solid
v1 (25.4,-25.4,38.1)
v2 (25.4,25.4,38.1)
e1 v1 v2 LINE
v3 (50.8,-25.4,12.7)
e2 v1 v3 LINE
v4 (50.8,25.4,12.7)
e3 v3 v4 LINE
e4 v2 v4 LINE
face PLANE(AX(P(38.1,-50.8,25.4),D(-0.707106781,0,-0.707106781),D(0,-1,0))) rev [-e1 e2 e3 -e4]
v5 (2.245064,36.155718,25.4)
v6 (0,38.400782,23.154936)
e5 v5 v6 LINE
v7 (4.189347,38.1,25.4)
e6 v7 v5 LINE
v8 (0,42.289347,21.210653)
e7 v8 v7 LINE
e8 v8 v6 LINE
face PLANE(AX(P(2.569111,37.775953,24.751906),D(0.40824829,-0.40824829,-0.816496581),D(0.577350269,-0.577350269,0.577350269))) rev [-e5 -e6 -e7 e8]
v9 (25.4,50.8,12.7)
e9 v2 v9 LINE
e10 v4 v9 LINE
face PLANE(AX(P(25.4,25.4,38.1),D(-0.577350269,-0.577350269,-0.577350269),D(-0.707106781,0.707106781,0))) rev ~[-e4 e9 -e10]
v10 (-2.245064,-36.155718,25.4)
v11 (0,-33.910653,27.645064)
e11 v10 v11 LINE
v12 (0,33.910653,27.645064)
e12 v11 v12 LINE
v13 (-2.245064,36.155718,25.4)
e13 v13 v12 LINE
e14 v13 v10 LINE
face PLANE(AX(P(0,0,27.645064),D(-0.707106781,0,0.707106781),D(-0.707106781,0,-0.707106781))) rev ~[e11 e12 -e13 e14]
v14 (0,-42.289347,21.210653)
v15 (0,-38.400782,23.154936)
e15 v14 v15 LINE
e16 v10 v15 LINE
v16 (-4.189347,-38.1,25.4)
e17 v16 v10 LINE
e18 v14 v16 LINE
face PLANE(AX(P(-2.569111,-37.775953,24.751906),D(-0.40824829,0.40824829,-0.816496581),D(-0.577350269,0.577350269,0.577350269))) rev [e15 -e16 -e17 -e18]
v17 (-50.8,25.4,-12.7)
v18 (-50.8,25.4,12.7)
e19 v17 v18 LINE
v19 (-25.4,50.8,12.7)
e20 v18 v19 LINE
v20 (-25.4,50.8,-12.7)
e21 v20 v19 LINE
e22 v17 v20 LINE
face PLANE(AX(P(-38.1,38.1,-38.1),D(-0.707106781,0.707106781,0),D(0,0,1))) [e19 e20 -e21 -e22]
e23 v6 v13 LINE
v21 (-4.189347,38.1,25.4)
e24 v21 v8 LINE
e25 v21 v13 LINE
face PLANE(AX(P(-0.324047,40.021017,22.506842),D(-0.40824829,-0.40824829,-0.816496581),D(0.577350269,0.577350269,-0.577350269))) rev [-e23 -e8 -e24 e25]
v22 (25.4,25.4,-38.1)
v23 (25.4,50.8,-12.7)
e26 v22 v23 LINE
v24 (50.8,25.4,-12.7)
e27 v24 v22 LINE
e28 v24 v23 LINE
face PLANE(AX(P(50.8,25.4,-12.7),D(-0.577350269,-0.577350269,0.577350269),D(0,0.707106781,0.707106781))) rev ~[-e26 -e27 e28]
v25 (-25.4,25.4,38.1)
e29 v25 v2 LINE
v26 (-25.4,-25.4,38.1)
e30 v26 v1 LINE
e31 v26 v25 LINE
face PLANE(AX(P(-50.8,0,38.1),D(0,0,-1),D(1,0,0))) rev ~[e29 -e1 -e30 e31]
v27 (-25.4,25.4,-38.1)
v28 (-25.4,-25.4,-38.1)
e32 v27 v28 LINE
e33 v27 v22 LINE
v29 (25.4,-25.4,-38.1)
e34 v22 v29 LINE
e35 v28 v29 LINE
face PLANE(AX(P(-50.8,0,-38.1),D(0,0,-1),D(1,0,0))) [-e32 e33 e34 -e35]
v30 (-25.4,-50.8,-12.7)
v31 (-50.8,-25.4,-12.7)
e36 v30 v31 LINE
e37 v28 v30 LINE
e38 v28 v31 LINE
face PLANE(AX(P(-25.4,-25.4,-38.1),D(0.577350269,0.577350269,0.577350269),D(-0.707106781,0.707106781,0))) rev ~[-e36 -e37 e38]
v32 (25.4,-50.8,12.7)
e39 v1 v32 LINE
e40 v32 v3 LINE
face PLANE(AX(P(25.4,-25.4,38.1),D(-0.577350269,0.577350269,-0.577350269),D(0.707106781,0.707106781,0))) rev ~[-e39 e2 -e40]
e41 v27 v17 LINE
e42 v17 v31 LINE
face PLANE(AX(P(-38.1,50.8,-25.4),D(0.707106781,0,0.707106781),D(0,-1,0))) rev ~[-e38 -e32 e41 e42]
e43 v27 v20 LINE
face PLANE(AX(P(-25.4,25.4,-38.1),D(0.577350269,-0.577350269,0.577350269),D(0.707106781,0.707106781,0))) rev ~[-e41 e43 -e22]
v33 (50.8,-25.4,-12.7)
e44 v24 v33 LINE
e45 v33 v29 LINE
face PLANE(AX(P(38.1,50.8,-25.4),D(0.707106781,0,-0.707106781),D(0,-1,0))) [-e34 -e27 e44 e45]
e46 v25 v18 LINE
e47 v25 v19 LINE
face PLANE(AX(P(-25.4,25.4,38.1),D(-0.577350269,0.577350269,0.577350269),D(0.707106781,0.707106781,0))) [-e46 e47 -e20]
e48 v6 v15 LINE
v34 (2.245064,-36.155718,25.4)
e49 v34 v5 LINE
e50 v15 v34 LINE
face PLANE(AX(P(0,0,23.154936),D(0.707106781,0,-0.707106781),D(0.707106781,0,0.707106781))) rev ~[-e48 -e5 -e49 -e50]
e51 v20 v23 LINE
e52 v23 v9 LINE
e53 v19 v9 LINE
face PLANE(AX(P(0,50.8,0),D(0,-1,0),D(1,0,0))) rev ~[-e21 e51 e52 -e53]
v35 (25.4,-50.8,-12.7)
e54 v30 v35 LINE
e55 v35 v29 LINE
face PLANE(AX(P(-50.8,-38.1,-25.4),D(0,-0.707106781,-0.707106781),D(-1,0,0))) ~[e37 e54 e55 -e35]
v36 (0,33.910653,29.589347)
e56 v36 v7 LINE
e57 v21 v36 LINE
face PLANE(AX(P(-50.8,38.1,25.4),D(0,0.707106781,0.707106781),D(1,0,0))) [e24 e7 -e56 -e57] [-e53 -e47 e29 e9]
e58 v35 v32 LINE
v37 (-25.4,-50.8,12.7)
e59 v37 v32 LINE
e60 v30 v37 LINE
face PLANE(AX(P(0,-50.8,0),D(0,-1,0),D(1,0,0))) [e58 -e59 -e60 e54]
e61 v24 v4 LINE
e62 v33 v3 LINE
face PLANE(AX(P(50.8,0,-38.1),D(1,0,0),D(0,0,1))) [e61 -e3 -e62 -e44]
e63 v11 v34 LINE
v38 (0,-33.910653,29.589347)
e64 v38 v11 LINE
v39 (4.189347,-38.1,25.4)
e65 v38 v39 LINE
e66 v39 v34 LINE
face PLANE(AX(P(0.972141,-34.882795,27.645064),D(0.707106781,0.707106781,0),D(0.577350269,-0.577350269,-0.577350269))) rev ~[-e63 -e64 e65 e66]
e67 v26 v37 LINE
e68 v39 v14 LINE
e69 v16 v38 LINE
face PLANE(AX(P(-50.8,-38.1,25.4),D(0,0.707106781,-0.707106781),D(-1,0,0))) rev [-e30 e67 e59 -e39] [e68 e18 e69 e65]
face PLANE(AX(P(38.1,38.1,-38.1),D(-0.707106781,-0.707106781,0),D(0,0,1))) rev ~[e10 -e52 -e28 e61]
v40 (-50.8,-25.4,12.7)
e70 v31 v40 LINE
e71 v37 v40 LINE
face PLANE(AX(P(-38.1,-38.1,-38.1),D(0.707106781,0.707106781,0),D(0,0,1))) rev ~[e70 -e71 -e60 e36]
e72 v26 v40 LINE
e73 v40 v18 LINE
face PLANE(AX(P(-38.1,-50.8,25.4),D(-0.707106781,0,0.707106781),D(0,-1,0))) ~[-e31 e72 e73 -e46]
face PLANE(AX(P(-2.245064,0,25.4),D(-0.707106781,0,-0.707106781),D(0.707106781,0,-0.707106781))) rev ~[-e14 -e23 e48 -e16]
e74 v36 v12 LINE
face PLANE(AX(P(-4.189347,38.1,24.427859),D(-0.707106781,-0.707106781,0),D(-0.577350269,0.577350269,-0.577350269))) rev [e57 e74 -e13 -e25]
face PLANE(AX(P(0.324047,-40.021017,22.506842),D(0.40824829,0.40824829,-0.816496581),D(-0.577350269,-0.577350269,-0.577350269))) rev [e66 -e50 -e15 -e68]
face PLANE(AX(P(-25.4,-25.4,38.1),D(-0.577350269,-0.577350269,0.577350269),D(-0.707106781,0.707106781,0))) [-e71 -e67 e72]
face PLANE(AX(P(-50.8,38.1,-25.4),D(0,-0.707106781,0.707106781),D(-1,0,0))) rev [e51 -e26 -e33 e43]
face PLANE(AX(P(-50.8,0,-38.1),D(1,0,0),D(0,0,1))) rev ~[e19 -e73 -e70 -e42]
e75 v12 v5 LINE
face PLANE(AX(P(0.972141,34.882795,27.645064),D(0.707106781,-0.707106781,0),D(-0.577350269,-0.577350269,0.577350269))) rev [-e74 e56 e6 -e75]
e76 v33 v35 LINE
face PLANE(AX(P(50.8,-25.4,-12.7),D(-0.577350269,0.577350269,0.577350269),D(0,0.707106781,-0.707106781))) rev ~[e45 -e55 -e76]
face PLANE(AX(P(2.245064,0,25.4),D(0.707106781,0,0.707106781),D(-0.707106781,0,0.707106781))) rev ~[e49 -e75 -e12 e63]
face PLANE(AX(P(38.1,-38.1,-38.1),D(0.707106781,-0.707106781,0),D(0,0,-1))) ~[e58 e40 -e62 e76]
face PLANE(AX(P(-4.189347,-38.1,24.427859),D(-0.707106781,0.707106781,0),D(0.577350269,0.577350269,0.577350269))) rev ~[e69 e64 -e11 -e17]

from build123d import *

# Parameters (mm, degrees)
F0_W     = 101.6
F0_H     = 76.2
F1_DEPTH = 50.8
F2_SIZE  = 25.4
F4_DEPTH = 76.2
F5_SIZE  = 1.5875
F6_SIZE  = 1.5875


with BuildPart() as f1:
    # F0 (on Front) → F1 (new body, symmetric)
    with BuildSketch(Plane.XZ):
        Rectangle(F0_W, F0_H)
    extrude(amount=F1_DEPTH, both=True)

    # F2
    f2_edges = [f1.edges().sort_by_distance(p)[0] for p in [
        (-50.8, -50.8, 0),
        (0, -50.8, -38.1),
        (50.8, -50.8, 0),
        (0, -50.8, 38.1),
        (-50.8, 50.8, 0),
        (-50.8, 0, -38.1),
        (-50.8, 0, 38.1),
        (0, 50.8, -38.1),
        (50.8, 0, -38.1),
        (50.8, 50.8, 0),
        (50.8, 0, 38.1),
        (0, 50.8, 38.1),
    ]]
    chamfer(f2_edges, length=F2_SIZE)

    # F3 (on Front) → F4 (cut, symmetric)
    with BuildSketch(Plane.XZ):
        Polygon((0, 27.6450640303), (-2.2450640303, 25.4), (0, 23.1549359697), (2.2450640303, 25.4), align=None)
    extrude(amount=F4_DEPTH, both=True, mode=Mode.SUBTRACT)

    # F5
    f5_edges = [f1.edges().sort_by_distance(p)[0] for p in [
        (1.122532, -39.222532, 24.277468),
        (-1.122532, -39.222532, 24.277468),
        (1.122532, 39.222532, 24.277468),
        (-1.122532, 39.222532, 24.277468),
    ]]
    chamfer(f5_edges, length=F5_SIZE)

    # F6
    f6_edges = [f1.edges().sort_by_distance(p)[0] for p in [
        (1.122532, -36.977468, 26.522532),
        (-1.122532, -36.977468, 26.522532),
        (-1.122532, 36.977468, 26.522532),
        (1.122532, 36.977468, 26.522532),
    ]]
    chamfer(f6_edges, length=F6_SIZE)


solid = f1.part
